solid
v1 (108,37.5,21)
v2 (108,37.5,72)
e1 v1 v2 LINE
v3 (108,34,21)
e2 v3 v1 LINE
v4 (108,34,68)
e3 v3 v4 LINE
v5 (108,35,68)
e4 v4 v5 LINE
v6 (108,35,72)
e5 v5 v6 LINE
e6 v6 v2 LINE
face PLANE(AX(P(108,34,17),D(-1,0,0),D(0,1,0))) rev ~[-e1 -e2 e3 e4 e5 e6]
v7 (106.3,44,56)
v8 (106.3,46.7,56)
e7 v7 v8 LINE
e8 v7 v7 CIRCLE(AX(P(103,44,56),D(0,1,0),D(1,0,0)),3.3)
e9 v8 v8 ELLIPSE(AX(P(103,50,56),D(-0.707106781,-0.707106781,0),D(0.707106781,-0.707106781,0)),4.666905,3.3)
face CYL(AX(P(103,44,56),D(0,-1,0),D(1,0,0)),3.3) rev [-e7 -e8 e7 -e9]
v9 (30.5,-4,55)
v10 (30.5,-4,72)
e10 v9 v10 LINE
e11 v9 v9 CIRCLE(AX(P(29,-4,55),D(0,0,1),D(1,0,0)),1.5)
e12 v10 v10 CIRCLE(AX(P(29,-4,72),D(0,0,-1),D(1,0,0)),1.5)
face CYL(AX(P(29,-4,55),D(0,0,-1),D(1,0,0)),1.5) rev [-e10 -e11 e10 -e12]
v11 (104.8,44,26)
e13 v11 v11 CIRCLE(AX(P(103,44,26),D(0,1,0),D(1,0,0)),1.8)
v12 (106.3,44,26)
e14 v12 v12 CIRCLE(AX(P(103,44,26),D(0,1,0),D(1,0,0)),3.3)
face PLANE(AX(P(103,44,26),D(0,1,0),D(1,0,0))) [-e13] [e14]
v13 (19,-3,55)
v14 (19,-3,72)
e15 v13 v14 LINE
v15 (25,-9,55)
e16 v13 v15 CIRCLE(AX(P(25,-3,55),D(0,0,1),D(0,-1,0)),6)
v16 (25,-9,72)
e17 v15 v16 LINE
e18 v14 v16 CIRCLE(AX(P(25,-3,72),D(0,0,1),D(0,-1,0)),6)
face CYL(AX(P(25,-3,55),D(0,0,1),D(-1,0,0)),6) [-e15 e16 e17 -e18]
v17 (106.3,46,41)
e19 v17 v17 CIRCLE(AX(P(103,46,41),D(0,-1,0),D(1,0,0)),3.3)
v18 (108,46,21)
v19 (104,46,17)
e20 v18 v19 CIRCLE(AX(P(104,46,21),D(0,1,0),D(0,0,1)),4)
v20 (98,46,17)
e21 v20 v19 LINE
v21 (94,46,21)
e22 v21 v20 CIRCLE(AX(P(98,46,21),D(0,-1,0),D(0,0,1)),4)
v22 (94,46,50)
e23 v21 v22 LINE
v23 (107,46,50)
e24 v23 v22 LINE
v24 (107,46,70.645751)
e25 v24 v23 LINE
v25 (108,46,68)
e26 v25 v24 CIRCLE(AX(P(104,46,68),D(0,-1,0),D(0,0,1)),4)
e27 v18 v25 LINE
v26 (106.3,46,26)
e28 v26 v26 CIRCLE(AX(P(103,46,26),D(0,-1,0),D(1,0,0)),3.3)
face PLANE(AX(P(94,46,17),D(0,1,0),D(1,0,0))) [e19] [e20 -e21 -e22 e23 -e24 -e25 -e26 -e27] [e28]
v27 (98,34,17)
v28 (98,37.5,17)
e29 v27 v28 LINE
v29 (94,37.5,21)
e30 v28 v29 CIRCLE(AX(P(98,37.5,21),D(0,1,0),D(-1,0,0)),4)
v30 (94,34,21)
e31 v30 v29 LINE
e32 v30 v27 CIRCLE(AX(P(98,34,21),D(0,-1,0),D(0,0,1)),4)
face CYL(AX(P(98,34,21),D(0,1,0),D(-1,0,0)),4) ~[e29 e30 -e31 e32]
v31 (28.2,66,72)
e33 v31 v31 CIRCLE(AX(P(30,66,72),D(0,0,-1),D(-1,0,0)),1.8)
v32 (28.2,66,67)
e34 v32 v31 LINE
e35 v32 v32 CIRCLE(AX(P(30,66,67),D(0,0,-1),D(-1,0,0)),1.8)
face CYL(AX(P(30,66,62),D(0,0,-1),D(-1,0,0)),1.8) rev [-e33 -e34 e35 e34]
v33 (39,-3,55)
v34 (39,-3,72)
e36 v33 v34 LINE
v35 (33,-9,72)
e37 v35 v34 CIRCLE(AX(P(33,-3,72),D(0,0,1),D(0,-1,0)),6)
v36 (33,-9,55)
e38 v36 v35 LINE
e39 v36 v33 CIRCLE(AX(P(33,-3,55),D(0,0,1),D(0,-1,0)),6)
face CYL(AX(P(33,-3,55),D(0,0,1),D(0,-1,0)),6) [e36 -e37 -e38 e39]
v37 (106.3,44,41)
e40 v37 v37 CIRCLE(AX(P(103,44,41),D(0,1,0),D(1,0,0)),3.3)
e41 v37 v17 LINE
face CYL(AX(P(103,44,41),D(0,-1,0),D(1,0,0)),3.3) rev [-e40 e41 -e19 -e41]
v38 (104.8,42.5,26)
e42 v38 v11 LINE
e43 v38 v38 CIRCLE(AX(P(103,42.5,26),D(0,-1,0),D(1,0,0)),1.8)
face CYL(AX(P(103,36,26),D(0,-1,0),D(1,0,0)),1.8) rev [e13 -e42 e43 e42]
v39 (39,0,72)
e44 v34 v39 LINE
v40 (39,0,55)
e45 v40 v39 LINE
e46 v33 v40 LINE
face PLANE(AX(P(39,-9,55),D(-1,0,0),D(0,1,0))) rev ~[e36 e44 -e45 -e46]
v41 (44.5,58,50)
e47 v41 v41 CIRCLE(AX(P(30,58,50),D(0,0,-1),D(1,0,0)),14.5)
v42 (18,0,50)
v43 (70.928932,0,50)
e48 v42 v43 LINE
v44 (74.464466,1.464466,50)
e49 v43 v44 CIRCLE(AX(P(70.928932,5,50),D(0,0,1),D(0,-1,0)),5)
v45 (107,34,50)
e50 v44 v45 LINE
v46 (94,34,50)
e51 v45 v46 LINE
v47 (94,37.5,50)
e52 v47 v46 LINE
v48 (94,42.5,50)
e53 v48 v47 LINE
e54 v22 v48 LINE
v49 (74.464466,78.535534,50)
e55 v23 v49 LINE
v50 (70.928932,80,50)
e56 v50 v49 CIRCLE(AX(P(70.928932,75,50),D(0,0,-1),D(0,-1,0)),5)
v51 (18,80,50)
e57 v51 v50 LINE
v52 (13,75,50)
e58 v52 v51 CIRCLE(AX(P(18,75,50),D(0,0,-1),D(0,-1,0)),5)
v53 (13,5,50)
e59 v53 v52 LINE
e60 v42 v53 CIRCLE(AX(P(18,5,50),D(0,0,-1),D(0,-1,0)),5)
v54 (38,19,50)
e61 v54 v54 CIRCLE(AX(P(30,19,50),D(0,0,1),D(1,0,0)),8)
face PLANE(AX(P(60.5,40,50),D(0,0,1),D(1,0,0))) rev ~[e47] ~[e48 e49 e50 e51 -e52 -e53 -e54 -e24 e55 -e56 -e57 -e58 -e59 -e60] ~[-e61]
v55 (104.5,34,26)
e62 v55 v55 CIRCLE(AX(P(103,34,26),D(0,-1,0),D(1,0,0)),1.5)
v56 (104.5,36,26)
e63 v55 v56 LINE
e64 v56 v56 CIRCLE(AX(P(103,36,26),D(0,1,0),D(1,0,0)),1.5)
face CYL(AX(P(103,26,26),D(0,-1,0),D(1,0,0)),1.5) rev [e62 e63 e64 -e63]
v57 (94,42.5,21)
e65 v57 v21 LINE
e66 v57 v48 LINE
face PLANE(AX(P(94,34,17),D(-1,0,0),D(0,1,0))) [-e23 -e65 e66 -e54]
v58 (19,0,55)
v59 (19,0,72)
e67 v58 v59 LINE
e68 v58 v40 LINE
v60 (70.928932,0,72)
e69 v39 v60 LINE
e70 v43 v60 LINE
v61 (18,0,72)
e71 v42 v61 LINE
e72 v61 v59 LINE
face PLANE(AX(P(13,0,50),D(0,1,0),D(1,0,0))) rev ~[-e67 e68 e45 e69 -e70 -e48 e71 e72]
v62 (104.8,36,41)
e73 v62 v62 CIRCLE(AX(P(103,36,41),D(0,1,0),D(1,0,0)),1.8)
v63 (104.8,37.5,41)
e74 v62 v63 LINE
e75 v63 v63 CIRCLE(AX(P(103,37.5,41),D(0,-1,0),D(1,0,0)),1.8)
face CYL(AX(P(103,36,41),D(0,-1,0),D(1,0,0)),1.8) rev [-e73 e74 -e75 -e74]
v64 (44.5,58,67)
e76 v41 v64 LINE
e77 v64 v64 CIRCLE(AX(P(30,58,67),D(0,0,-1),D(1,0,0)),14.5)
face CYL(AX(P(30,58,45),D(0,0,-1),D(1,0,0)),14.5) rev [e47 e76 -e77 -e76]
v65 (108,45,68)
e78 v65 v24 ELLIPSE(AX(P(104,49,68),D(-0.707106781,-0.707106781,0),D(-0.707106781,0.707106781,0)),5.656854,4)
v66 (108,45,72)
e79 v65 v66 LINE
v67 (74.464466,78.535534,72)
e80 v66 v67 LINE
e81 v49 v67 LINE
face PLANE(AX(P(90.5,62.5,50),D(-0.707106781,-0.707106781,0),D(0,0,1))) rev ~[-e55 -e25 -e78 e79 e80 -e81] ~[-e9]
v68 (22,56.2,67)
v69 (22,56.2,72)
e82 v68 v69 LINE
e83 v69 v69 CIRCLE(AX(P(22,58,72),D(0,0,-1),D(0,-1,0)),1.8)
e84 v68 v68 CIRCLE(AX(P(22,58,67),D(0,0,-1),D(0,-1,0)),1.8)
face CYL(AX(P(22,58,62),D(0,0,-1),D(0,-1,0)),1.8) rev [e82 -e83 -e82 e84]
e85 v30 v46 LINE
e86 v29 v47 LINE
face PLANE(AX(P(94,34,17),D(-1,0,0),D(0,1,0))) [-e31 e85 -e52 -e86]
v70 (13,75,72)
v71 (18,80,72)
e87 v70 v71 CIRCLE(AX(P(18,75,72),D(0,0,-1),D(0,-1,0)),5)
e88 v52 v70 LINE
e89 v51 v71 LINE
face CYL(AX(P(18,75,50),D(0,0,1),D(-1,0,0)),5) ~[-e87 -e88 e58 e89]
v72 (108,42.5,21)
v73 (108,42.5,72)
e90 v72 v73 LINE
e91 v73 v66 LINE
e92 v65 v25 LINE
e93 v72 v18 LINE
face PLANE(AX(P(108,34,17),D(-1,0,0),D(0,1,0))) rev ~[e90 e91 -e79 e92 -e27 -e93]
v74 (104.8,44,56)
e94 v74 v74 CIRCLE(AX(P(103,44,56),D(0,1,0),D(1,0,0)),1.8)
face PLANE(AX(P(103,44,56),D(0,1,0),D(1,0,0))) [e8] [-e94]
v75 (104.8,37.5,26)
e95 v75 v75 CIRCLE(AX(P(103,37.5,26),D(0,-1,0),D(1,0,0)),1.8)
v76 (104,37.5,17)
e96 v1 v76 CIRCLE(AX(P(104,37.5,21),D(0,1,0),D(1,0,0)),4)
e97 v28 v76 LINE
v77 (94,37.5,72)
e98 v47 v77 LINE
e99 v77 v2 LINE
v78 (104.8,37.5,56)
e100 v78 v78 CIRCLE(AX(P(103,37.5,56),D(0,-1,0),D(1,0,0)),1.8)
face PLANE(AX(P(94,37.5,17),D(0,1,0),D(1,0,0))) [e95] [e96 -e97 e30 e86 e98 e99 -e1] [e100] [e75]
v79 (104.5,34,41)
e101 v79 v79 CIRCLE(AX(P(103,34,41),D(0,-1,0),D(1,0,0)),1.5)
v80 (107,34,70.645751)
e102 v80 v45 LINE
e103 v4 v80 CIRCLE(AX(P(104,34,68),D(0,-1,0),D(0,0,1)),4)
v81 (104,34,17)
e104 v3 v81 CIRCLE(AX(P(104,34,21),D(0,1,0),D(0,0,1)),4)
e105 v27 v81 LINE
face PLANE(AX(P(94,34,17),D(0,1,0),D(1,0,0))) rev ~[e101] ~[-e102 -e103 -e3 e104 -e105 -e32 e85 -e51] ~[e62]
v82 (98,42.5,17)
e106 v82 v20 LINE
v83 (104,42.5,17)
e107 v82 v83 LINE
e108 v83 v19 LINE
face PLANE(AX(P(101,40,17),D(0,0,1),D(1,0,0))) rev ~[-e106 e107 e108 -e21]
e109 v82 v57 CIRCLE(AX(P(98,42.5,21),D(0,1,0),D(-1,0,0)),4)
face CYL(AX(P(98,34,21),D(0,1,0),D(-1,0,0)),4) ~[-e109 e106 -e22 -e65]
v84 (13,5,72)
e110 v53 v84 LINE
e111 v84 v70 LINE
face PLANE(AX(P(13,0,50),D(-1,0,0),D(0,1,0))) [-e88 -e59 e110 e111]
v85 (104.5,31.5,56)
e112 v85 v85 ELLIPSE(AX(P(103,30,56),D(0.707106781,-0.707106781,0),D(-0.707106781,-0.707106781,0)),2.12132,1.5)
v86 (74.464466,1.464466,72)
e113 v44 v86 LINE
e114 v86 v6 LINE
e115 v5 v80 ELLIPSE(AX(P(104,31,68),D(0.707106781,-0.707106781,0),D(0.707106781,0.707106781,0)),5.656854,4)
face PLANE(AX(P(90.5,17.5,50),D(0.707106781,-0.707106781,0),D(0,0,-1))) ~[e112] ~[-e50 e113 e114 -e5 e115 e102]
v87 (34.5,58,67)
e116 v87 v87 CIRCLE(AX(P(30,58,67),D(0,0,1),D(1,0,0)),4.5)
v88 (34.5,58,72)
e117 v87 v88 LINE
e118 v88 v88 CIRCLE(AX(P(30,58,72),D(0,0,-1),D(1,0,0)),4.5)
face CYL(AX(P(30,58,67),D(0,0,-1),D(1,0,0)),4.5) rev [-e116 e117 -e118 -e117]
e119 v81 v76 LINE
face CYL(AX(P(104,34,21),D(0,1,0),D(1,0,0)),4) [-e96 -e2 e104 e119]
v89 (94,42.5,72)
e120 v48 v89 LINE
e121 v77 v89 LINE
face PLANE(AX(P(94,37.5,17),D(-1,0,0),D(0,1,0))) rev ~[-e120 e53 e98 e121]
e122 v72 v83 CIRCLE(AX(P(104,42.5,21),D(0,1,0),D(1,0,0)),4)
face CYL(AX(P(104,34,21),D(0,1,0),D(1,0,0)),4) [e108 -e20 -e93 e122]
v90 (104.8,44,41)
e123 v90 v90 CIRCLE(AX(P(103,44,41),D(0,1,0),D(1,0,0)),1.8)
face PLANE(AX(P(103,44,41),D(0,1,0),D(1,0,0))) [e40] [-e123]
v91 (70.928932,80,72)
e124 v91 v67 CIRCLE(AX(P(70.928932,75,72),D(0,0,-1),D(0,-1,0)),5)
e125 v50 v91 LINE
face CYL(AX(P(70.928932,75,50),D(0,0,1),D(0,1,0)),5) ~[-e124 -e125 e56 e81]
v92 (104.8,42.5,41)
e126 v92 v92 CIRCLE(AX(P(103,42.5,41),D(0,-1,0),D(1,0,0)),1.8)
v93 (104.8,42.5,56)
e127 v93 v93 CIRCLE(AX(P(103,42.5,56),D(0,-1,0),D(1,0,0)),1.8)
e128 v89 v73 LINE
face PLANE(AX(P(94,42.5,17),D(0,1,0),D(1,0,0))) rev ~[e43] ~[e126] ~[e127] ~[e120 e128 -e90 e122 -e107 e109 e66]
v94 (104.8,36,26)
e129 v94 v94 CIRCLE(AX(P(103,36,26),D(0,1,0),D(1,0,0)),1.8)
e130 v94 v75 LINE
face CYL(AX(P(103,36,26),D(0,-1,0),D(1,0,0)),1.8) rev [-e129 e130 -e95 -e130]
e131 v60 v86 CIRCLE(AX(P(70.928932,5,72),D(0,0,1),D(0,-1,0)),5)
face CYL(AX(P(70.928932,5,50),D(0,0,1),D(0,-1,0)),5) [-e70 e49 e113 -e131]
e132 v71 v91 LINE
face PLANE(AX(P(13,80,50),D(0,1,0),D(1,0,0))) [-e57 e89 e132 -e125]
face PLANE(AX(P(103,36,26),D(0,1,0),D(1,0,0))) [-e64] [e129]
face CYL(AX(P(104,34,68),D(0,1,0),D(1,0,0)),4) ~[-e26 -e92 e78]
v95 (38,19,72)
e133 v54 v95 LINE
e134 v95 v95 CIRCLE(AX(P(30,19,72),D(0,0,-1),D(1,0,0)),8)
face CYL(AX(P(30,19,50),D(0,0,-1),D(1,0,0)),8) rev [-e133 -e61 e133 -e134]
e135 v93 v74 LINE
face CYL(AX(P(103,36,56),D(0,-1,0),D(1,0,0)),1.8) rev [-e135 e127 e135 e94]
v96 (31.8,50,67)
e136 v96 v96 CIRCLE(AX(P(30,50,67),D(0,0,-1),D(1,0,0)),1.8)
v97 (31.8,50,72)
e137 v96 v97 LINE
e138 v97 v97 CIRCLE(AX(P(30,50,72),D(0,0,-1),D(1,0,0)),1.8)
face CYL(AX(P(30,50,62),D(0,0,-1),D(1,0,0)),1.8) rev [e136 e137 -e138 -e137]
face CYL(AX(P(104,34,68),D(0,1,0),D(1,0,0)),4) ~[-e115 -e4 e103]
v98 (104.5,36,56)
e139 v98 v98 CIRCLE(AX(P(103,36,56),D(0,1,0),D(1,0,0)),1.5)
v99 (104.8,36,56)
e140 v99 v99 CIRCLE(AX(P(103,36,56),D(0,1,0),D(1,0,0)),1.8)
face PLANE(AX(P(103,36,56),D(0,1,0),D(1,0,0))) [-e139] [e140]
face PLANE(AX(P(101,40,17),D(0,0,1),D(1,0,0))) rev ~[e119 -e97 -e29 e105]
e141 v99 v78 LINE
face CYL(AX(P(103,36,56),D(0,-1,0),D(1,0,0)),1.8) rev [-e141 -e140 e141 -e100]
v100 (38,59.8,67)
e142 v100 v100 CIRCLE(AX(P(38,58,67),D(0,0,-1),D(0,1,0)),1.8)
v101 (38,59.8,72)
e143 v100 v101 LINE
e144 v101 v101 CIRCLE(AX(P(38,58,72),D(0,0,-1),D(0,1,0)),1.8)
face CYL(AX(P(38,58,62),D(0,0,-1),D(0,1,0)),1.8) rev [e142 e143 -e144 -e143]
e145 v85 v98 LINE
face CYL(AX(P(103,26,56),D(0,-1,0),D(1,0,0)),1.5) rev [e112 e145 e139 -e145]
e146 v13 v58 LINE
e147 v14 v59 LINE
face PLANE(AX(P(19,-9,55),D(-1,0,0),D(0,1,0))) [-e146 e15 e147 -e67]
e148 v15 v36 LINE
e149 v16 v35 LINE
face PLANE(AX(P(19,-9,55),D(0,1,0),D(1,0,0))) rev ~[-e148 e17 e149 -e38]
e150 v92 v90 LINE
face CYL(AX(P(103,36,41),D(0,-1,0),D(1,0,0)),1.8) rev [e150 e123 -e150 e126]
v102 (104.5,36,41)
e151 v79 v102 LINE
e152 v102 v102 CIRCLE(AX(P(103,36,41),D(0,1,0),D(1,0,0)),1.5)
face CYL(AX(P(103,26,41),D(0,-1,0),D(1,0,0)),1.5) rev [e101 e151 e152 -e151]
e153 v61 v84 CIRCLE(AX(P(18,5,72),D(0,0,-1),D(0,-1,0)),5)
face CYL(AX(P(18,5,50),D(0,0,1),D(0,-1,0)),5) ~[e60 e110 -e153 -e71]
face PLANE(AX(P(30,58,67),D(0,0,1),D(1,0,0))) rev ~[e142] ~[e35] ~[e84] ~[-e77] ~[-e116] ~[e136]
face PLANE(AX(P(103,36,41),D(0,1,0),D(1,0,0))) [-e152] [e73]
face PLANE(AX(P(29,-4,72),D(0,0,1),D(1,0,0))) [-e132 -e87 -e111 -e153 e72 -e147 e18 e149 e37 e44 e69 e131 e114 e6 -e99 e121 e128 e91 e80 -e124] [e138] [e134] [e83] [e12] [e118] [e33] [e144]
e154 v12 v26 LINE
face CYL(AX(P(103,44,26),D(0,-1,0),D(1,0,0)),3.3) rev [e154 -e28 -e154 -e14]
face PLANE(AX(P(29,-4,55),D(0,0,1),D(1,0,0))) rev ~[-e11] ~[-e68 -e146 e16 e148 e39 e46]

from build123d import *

# Parameters (mm, degrees)
CYLINDER038_R       = 1.8
CYLINDER038_DEPTH   = 20
ARRAY001017_COUNT   = 4
CYLINDER031_R       = 4.5
CYLINDER031_DEPTH   = 6
CYLINDER030_R       = 16
CYLINDER030_DEPTH   = 5
CYLINDER032_R       = 14.5
CYLINDER032_DEPTH   = 30
CYLINDER033_R       = 1.8
CYLINDER033_DEPTH   = 8
CYLINDER035_R       = 1.5
CYLINDER035_DEPTH   = 10
CYLINDER034_R       = 3.3
CYLINDER034_DEPTH   = 20
ARRAY001002_Z_COUNT = 3
ARRAY001002_Z_PITCH = 15
BOX006_W            = 14
BOX006_H            = 5
BOX006_DEPTH        = 55
CYLINDER017_R       = 8
CYLINDER017_DEPTH   = 24
BOX005_W            = 14
BOX005_H            = 12
BOX005_DEPTH        = 55
FILLET006_R         = 4
CYLINDER039_R       = 1.5
CYLINDER039_DEPTH   = 30
BOX018_W            = 20
BOX018_H            = 10
BOX018_DEPTH        = 17
FILLET007_R         = 6
BOX004_W            = 95
BOX004_H            = 80
BOX004_DEPTH        = 22
CHAMFER_SIZE        = 35
FILLET005_R         = 5


with BuildPart() as lead_nut_attachment_bolt_hole_array:
    # Cylinder038 → Cylinder038 (new body)
    with BuildSketch(Plane(origin=(0, -8, -5), x_dir=(1, 0, 0), z_dir=(0, 0, 1))):
        Circle(CYLINDER038_R)
    extrude(amount=CYLINDER038_DEPTH)

    # Array001017: lead nut attachment bolt hole array ×4 about axis
    array001017_axis = Axis((0, 0, 0), (0, 0, 1))


with BuildPart() as lead_nut_attachment_bolt_hole_array_1:
    add(lead_nut_attachment_bolt_hole_array.part)
    for i in range(1, ARRAY001017_COUNT):
        add(lead_nut_attachment_bolt_hole_array.part.rotate(array001017_axis, i * 360 / ARRAY001017_COUNT))


with BuildPart() as hole_fusion001:
    # Cylinder031 → Cylinder031 (new body)
    with BuildSketch(Plane.XY):
        Circle(CYLINDER031_R)
    extrude(amount=CYLINDER031_DEPTH)

    # Fusion009: union lead nut attachment bolt hole array
    add(lead_nut_attachment_bolt_hole_array_1.part)


with BuildPart() as lean_nut_attachment_clone:
    # Cylinder030 → Cylinder030 (new body)
    with BuildSketch(Plane.XY):
        Circle(CYLINDER030_R)
    extrude(amount=CYLINDER030_DEPTH)

    # Cut005: cut hole fusion001
    add(hole_fusion001.part, mode=Mode.SUBTRACT)


with BuildPart() as lean_nut_attachment_clone_1:
    # Body001 placement: moved
    add(lean_nut_attachment_clone.part.moved(Location((17, 58, 17))))


with BuildPart() as backlash_nut_disk_hole:
    # Cylinder032 → Cylinder032 (new body)
    with BuildSketch(Plane(origin=(17, 58, -5), x_dir=(1, 0, 0), z_dir=(0, 0, 1))):
        Circle(CYLINDER032_R)
    extrude(amount=CYLINDER032_DEPTH)


with BuildPart() as attachment_hole001:
    # Cylinder033 → Cylinder033 (new body)
    with BuildSketch(Plane(origin=(0, 0, 0), x_dir=(1, 0, 0), z_dir=(0, 1, 0))):
        Circle(CYLINDER033_R)
    extrude(amount=CYLINDER033_DEPTH)


with BuildPart() as screwed_hole:
    # Cylinder035 → Cylinder035 (new body)
    with BuildSketch(Plane(origin=(0, -10, 0), x_dir=(1, 0, 0), z_dir=(0, 1, 0))):
        Circle(CYLINDER035_R)
    extrude(amount=CYLINDER035_DEPTH)


with BuildPart() as attachment_hole_array001:
    # Cylinder034 → Cylinder034 (new body)
    with BuildSketch(Plane(origin=(0, 8, 0), x_dir=(1, 0, 0), z_dir=(0, 1, 0))):
        Circle(CYLINDER034_R)
    extrude(amount=CYLINDER034_DEPTH)

    # Fusion013: union attachment hole001, screwed hole
    add(attachment_hole001.part)
    add(screwed_hole.part)

    # Array001002 Z: attachment hole array001 ×3


with BuildPart() as attachment_hole_array001_1:
    add(attachment_hole_array001.part)
    with Locations(*[(0, 0, i * ARRAY001002_Z_PITCH) for i in range(1, ARRAY001002_Z_COUNT)]):
        add(attachment_hole_array001.part)


with BuildPart() as attachment_hole_array001_2:
    # Array001002 placement: moved
    add(attachment_hole_array001_1.part.moved(Location((90, 36, -24))))


with BuildPart() as top_attachment_connector_extract:
    # Box006 → Box006 (new body)
    with BuildSketch(Plane(origin=(81, 37.5, -33), x_dir=(1, 0, 0), z_dir=(0, 0, 1))):
        with Locations((7, 2.5)):
            Rectangle(BOX006_W, BOX006_H)
    extrude(amount=BOX006_DEPTH)


with BuildPart() as mblock_middle_hole_fusion:
    # Cylinder017 → Cylinder017 (new body)
    with BuildSketch(Plane(origin=(17, 19, 0), x_dir=(1, 0, 0), z_dir=(0, 0, 1))):
        Circle(CYLINDER017_R)
    extrude(amount=CYLINDER017_DEPTH)

    # Fusion010: union backlash nut disk hole, attachment hole array001, top_attachment_connector_extract
    add(backlash_nut_disk_hole.part)
    add(attachment_hole_array001_2.part)
    add(top_attachment_connector_extract.part)


with BuildPart() as top_attachment_connector_fillet:
    # Box005 → Box005 (new body)
    with BuildSketch(Plane(origin=(81, 34, -33), x_dir=(1, 0, 0), z_dir=(0, 0, 1))):
        with Locations((7, 6)):
            Rectangle(BOX005_W, BOX005_H)
    extrude(amount=BOX005_DEPTH)

    # Fillet006
    fillet006_edges = [top_attachment_connector_fillet.edges().sort_by_distance(p)[0] for p in [
        (81, 40, 22),
        (81, 40, -33),
        (95, 40, 22),
        (95, 40, -33),
    ]]
    fillet(fillet006_edges, radius=FILLET006_R)


with BuildPart() as mblock_middle_end_stop_pusher_hole:
    # Cylinder039 → Cylinder039 (new body)
    with BuildSketch(Plane(origin=(10, 5, 0), x_dir=(1, 0, 0), z_dir=(0, 0, 1))):
        Circle(CYLINDER039_R)
    extrude(amount=CYLINDER039_DEPTH)


with BuildPart() as mblock_middle_end_stop_pusher_cut:
    # Box018 → Box018 (new body)
    with BuildSketch(Plane.XY):
        with Locations((10, 5)):
            Rectangle(BOX018_W, BOX018_H)
    extrude(amount=BOX018_DEPTH)

    # Fillet007
    fillet007_edges = [mblock_middle_end_stop_pusher_cut.edges().sort_by_distance(p)[0] for p in [
        (0, 0, 8.5),
        (20, 0, 8.5),
    ]]
    fillet(fillet007_edges, radius=FILLET007_R)

    # Cut014: cut mblock middle end stop pusher hole
    add(mblock_middle_end_stop_pusher_hole.part, mode=Mode.SUBTRACT)


with BuildPart() as mblock_middle_end_stop_pusher_cut_1:
    # Cut014 placement: moved
    add(mblock_middle_end_stop_pusher_cut.part.moved(Location((6, -9, 5))))


with BuildPart() as mblock_middle_fusion:
    # Box004 → Box004 (new body)
    with BuildSketch(Plane.XY):
        with Locations((47.5, 40)):
            Rectangle(BOX004_W, BOX004_H)
    extrude(amount=BOX004_DEPTH)

    # Chamfer
    chamfer_edges = [mblock_middle_fusion.edges().sort_by_distance(p)[0] for p in [
        (95, 0, 11),
        (95, 80, 11),
    ]]
    chamfer(chamfer_edges, length=CHAMFER_SIZE)

    # Fillet005
    fillet005_edges = [mblock_middle_fusion.edges().sort_by_distance(p)[0] for p in [
        (60, 0, 11),
        (60, 80, 11),
        (0, 80, 11),
        (0, 0, 11),
    ]]
    fillet(fillet005_edges, radius=FILLET005_R)

    # Fusion012: union top attachment connector fillet, mblock middle end stop pusher cut
    add(top_attachment_connector_fillet.part)
    add(mblock_middle_end_stop_pusher_cut_1.part)

    # Cut006: cut mblock middle hole fusion
    add(mblock_middle_hole_fusion.part, mode=Mode.SUBTRACT)

    # Fusion011: union lean nut attachment clone
    add(lean_nut_attachment_clone_1.part)


with BuildPart() as mblock_middle_fusion_1:
    # Fusion011 placement: moved
    add(mblock_middle_fusion.part.moved(Location((13, 0, 50))))


solid = mblock_middle_fusion_1.part
